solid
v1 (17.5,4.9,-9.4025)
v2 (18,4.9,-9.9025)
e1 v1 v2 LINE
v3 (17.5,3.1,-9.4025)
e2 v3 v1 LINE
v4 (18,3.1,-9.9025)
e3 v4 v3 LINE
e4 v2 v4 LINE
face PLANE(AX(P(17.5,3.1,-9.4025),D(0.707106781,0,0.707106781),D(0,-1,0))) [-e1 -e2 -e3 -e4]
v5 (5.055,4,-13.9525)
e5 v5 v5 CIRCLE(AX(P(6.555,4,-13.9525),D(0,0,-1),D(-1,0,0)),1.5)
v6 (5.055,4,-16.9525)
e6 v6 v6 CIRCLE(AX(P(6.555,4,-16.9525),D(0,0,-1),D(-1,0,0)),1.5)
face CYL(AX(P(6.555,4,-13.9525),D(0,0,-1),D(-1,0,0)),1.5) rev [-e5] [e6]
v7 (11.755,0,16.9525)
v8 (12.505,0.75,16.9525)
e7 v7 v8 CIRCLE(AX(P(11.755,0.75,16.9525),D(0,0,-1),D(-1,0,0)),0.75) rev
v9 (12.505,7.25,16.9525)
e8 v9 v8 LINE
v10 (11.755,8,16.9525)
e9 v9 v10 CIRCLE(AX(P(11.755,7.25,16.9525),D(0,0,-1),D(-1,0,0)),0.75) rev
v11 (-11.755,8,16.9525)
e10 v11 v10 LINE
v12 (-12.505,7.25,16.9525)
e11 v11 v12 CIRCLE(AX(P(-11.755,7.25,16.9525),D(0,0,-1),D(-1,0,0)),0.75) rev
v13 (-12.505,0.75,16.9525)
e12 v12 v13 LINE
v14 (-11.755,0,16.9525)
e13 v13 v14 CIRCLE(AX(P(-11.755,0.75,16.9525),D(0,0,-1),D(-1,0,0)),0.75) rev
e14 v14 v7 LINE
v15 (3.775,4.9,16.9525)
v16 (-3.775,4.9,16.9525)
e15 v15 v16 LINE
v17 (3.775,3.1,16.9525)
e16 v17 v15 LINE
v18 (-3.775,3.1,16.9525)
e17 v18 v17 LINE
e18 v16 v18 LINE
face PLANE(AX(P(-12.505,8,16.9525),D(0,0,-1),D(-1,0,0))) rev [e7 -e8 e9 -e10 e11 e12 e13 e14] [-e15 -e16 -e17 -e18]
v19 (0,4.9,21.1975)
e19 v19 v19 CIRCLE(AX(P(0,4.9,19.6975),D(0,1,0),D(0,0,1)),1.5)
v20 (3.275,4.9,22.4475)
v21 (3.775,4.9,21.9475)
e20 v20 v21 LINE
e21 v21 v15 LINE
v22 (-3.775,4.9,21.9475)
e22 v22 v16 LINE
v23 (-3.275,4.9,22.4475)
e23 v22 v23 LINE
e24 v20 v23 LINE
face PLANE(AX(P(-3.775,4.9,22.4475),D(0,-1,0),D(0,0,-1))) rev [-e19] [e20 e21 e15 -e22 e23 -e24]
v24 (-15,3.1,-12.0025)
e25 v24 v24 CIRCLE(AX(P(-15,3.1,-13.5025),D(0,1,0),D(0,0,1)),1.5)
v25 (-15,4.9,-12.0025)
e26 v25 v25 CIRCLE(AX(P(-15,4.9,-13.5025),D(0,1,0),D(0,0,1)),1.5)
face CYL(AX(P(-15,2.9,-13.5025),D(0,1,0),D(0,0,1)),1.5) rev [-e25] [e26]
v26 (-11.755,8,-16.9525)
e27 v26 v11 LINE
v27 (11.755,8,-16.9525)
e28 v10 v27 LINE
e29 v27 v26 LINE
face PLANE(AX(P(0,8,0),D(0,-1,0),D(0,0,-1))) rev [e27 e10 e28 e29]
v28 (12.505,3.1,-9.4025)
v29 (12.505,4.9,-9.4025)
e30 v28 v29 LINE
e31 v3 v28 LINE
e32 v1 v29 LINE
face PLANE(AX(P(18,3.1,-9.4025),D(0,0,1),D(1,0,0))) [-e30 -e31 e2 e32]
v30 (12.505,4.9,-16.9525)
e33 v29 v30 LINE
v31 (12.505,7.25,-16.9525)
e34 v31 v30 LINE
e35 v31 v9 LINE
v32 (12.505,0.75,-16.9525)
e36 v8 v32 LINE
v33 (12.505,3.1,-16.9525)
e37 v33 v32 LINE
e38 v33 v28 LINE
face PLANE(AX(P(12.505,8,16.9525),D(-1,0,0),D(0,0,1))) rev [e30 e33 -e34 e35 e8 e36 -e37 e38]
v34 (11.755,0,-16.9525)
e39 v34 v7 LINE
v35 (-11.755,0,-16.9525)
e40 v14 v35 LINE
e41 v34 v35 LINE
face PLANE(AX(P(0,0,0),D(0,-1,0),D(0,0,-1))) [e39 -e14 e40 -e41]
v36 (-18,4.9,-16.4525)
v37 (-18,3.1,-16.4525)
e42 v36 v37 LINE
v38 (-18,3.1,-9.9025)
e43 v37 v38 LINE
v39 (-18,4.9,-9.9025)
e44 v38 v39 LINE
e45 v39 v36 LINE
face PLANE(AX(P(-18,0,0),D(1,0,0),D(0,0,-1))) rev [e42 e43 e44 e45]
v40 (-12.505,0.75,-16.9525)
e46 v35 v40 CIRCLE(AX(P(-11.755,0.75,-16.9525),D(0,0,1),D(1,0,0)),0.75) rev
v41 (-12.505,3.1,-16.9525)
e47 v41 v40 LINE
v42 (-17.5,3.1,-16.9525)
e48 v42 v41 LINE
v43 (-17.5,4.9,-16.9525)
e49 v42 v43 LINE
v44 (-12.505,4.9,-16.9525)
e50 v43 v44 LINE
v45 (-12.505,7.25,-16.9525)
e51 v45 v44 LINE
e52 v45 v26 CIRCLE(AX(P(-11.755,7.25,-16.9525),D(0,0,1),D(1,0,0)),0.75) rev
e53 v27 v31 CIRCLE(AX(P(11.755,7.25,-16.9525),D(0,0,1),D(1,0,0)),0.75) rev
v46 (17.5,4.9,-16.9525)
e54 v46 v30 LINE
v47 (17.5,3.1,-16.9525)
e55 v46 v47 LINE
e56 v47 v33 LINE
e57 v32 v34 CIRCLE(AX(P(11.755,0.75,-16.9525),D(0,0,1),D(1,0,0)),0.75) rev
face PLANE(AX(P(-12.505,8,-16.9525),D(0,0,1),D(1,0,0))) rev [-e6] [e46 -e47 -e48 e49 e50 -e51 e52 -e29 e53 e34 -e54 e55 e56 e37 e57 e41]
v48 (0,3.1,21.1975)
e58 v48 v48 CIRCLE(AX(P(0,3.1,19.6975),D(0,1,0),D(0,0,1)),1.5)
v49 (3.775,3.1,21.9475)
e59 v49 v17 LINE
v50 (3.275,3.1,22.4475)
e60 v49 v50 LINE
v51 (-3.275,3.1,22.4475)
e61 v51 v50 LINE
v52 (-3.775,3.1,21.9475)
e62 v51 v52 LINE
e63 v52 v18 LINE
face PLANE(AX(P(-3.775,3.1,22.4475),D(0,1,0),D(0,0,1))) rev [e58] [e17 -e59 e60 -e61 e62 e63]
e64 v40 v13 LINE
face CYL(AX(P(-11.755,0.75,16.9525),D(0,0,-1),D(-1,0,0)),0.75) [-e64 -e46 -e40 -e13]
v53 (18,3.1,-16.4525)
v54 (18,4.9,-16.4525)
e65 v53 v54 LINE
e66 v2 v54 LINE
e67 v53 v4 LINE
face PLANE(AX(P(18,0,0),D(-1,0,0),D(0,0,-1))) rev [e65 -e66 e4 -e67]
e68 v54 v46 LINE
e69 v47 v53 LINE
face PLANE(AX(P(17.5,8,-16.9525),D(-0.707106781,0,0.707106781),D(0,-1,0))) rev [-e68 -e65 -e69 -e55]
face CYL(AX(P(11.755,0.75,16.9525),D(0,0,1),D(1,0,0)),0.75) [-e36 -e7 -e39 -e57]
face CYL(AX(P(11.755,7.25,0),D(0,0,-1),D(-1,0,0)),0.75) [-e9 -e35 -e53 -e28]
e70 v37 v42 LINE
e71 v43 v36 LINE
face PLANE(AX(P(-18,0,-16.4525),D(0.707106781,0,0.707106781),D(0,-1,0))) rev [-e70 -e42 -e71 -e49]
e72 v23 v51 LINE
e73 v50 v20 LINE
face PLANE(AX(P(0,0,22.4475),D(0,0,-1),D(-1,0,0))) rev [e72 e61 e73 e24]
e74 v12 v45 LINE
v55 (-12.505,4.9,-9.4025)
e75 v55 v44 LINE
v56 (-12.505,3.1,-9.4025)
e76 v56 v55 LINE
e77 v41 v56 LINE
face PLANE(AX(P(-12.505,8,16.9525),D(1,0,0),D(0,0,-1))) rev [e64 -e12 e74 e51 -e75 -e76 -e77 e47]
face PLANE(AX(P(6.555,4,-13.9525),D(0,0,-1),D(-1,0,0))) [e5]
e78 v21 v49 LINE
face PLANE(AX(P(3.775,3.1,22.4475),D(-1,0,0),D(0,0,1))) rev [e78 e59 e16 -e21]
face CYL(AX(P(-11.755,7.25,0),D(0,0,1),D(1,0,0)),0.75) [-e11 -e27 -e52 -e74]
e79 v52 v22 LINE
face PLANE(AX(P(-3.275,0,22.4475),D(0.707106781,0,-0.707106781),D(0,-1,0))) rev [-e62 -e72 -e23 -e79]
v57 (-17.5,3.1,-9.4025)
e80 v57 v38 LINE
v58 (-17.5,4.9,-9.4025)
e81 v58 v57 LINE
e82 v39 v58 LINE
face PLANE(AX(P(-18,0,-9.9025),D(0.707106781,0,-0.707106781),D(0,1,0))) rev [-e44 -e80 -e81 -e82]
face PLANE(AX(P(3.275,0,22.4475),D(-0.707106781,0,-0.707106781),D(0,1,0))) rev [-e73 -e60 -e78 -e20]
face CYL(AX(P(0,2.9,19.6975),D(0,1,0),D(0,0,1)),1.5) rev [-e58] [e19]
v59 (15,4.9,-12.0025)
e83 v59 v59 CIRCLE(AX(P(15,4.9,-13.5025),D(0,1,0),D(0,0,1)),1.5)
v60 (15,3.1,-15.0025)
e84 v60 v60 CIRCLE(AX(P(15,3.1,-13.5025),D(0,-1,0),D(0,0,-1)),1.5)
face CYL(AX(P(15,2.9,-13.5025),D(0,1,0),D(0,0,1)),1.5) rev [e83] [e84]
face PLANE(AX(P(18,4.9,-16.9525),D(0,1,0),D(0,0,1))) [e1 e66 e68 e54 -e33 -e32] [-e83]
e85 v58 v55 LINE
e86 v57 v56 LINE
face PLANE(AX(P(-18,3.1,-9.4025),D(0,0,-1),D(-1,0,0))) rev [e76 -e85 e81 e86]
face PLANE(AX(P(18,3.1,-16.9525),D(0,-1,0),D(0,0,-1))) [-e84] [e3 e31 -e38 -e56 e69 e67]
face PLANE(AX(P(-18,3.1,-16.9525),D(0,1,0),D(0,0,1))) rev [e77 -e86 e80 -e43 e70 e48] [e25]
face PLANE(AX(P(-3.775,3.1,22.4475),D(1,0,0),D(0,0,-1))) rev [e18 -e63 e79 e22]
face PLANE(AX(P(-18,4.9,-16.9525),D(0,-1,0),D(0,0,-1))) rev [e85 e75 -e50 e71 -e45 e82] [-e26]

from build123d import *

# Parameters (mm, degrees)
SKETCH1_W           = 25.01
SKETCH1_H           = 33.905
BOSS_EXTRUDE1_DEPTH = 8
SKETCH2_W           = 7.55
SKETCH2_H           = 1.8
BOSS_EXTRUDE2_DEPTH = 5.495
SKETCH3_W           = 7.55
SKETCH3_H           = 1.8
BOSS_EXTRUDE3_DEPTH = 5.495
SKETCH6_R           = 1.5
CUT_EXTRUDE1_DEPTH  = 2
SKETCH8_R           = 1.5
CUT_EXTRUDE2_DEPTH  = 3
FILLET1_R           = 0.75
CHAMFER1_SIZE       = 0.5


with BuildPart() as part:
    # Sketch1 → Boss-Extrude1 (new body)
    with BuildSketch(Plane(origin=(0, 0, 0), x_dir=(1, 0, 0), z_dir=(0, 1, 0))):
        Rectangle(SKETCH1_W, SKETCH1_H)
    extrude(amount=BOSS_EXTRUDE1_DEPTH)

    # Sketch2 → Boss-Extrude2 (add)
    with BuildSketch(Plane.XY.offset(16.9525)):
        with Locations((0, 4)):
            Rectangle(SKETCH2_W, SKETCH2_H)
    extrude(amount=BOSS_EXTRUDE2_DEPTH)

    # Sketch3 → Boss-Extrude3 (add)
    with BuildSketch(Plane.ZY.offset(12.505)):
        with Locations((-13.1775, 4)):
            Rectangle(SKETCH3_W, SKETCH3_H)
    boss_extrude3 = extrude(amount=BOSS_EXTRUDE3_DEPTH)

    # Mirror2: Boss-Extrude3 across plane
    add(boss_extrude3.mirror(Plane(origin=(0, 0, 0), x_dir=(0, 0, 1), z_dir=(1, 0, 0))))

    # Sketch6 → Cut-Extrude1 (cut)
    with BuildSketch(Plane(origin=(0, 4.9, 0), x_dir=(1, 0, 0), z_dir=(0, 1, 0))):
        with Locations(Location((-15, 13.5025, 0), (0, 0, 270))):
            Circle(SKETCH6_R)
        with Locations(Location((15, 13.5025, 0), (0, 0, 270))):
            Circle(SKETCH6_R)
        with Locations(Location((0, -19.6975, 0), (0, 0, 270))):
            Circle(SKETCH6_R)
    extrude(amount=-CUT_EXTRUDE1_DEPTH, mode=Mode.SUBTRACT)

    # Sketch8 → Cut-Extrude2 (cut)
    with BuildSketch(Plane(origin=(0, 0, -16.9525), x_dir=(-1, 0, 0), z_dir=(0, 0, -1))):
        with Locations((-6.555, 4)):
            Circle(SKETCH8_R)
    extrude(amount=-CUT_EXTRUDE2_DEPTH, mode=Mode.SUBTRACT)

    # Fillet1
    fillet1_edges = [part.edges().sort_by_distance(p)[0] for p in [
        (-12.505, 8, 0),
        (12.505, 8, 0),
        (-12.505, 0, 0),
        (12.505, 0, 0),
    ]]
    fillet(fillet1_edges, radius=FILLET1_R)

    # Chamfer1
    chamfer1_edges = [part.edges().sort_by_distance(p)[0] for p in [
        (3.775, 4, 22.4475),
        (-3.775, 4, 22.4475),
        (-18, 4, -16.9525),
        (-18, 4, -9.4025),
        (18, 4, -16.9525),
        (18, 4, -9.4025),
    ]]
    chamfer(chamfer1_edges, length=CHAMFER1_SIZE)


solid = part.part
